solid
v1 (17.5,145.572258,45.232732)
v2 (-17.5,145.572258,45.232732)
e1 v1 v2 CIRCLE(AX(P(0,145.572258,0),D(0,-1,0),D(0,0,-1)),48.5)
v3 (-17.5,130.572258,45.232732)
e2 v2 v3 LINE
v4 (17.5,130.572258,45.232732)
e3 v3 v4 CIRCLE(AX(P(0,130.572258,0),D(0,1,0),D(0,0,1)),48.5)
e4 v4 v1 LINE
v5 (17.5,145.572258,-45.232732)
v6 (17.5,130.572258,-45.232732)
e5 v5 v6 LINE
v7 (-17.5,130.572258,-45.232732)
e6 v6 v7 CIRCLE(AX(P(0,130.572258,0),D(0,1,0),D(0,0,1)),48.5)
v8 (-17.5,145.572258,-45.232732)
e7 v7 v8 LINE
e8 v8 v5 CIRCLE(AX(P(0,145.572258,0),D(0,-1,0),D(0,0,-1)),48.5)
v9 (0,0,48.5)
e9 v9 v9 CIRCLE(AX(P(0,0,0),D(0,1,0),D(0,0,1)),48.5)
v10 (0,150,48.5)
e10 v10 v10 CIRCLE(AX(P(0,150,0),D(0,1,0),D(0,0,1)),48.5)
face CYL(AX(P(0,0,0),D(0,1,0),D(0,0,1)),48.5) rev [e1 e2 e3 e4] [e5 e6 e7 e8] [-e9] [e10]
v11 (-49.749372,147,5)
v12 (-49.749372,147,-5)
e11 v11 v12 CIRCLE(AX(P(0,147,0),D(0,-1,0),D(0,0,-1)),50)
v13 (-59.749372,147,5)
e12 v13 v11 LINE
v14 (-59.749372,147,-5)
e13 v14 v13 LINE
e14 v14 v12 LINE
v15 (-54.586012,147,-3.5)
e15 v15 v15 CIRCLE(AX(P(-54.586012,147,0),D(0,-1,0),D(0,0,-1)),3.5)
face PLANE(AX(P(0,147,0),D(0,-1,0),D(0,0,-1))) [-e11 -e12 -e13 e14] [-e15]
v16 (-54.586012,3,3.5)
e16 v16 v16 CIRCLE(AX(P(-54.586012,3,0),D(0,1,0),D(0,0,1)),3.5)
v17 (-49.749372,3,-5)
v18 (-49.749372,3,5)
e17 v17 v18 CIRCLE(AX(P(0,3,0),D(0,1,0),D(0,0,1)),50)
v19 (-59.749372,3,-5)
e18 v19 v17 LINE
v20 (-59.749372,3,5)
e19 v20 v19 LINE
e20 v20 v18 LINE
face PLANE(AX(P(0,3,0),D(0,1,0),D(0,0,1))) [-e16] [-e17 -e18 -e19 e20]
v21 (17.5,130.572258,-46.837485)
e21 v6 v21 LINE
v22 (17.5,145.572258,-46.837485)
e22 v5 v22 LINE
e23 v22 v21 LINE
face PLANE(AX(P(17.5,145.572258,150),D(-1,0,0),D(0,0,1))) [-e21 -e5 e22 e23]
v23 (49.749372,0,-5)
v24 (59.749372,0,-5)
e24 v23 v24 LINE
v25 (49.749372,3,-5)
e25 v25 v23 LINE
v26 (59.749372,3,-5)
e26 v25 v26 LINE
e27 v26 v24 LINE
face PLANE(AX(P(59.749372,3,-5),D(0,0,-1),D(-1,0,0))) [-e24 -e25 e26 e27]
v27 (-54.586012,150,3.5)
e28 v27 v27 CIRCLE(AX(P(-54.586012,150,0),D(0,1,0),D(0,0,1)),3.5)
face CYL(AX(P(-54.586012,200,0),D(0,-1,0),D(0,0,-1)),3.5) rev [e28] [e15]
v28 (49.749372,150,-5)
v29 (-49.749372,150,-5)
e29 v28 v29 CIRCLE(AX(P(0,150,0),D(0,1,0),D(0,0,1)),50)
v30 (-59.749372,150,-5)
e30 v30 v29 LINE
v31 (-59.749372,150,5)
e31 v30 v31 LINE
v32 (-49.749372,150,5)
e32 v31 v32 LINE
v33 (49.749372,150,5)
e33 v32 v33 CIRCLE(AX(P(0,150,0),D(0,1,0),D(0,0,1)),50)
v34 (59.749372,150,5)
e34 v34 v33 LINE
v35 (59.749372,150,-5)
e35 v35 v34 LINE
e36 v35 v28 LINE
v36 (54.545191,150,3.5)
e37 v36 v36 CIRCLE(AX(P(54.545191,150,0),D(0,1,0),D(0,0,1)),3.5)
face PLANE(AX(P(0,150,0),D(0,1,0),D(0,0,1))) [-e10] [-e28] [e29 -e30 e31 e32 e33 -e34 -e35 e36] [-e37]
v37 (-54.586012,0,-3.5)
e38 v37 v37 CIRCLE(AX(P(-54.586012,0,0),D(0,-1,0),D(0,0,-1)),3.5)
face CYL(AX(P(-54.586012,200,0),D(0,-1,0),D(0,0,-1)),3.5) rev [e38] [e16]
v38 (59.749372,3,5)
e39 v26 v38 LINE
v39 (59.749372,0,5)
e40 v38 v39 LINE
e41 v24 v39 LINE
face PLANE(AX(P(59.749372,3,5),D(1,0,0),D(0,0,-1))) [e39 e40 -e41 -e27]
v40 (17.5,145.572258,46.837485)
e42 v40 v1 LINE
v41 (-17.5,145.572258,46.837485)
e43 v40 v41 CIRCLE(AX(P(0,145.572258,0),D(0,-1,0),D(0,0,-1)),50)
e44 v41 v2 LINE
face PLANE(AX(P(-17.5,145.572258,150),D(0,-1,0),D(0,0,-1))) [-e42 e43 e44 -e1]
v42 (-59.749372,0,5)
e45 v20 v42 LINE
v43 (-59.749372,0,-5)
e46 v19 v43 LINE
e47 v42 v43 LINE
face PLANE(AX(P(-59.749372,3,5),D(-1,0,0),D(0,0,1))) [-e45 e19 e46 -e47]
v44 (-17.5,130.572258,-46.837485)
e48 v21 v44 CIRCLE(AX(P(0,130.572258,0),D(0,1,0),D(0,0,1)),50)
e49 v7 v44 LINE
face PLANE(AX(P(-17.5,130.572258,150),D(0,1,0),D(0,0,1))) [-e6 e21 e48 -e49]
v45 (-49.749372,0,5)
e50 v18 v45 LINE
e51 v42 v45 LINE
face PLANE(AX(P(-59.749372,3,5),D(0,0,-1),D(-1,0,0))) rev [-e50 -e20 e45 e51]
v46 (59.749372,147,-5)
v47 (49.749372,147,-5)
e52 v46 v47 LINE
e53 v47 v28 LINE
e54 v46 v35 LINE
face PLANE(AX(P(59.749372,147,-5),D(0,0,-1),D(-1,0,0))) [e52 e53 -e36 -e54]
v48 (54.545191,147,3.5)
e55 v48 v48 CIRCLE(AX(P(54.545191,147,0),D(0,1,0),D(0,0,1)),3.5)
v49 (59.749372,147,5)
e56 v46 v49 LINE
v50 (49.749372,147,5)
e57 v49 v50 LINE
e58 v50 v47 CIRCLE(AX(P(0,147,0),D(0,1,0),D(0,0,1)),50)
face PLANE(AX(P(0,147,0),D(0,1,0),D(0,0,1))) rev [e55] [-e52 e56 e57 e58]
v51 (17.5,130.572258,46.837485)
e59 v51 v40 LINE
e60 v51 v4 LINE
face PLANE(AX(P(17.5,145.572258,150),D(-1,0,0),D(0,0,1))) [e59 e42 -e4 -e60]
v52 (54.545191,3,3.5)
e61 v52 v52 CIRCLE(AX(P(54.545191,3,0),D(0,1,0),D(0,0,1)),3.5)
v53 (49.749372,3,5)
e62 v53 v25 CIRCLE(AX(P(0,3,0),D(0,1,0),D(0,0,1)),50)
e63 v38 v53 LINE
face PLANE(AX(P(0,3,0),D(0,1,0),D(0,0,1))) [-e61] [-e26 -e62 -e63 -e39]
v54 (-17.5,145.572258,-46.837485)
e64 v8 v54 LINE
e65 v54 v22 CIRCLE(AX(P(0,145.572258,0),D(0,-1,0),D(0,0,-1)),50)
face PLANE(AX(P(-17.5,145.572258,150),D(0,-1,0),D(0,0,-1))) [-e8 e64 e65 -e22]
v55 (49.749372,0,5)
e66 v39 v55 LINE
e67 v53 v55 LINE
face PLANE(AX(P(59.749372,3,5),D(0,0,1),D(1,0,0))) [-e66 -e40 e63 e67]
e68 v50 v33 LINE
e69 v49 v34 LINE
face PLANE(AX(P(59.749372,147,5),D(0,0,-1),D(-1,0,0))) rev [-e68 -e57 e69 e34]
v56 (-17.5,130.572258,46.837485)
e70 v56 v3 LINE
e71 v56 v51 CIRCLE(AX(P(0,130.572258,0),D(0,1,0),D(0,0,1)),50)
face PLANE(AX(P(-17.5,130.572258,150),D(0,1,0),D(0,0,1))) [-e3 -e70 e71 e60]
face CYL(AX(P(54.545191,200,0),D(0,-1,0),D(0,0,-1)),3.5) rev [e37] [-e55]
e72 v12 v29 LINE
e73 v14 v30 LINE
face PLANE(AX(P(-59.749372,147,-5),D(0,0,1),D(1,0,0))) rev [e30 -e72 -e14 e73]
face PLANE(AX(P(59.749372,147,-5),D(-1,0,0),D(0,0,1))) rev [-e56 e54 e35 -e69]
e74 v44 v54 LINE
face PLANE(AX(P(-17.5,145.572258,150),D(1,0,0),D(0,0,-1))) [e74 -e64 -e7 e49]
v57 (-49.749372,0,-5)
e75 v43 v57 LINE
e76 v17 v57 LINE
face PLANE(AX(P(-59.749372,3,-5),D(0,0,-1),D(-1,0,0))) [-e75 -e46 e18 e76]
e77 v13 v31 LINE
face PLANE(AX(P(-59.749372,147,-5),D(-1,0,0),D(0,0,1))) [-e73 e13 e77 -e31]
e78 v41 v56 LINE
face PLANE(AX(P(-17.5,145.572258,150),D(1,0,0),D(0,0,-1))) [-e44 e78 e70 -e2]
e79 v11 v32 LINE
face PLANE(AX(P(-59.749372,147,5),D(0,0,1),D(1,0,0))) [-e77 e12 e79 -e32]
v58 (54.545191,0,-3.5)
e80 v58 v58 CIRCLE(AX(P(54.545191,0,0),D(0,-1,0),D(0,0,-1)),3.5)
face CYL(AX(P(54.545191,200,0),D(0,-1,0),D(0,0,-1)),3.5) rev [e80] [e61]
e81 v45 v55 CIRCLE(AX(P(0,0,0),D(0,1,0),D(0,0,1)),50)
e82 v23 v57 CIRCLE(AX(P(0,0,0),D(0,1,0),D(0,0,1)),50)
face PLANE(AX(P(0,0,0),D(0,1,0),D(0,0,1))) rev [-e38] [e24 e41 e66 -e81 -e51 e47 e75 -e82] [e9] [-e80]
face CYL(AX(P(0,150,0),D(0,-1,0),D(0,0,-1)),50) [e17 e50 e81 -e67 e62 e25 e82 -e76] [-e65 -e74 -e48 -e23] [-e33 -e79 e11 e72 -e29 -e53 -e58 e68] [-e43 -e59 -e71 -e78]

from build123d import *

# Parameters (mm, degrees)
SKETCH2_R               = 50
BOSS_EXTRUDE1_DEPTH     = 150
SKETCH3_R               = 48
CUT_EXTRUDE1_DEPTH      = 150
SKETCH4_W               = 10
SKETCH4_H               = 10
BOSS_EXTRUDE2_DEPTH     = 3
SKETCH5_W               = 10
SKETCH5_H               = 10
BOSS_EXTRUDE3_DEPTH     = 3
SKETCH7_W               = 10
SKETCH7_H               = 10
BOSS_EXTRUDE5_DEPTH     = 3
SKETCH8_W               = 10
SKETCH8_H               = 10
BOSS_EXTRUDE6_DEPTH     = 3
SKETCH9_R               = 3.5
CUT_EXTRUDE2_DEPTH      = 200
SKETCH10_R              = 3.5
CUT_EXTRUDE3_DEPTH      = 200
CUT_EXTRUDE4_DEPTH      = 150
CUT_EXTRUDE4_DEPTH_BACK = 150
SKETCH11_W              = 35
SKETCH11_H              = 15
SKETCH12_R              = 48.5
CUT_EXTRUDE5_DEPTH      = 150


with BuildPart() as part:
    # Sketch2 → Boss-Extrude1 (new body)
    with BuildSketch(Plane(origin=(0, 0, 0), x_dir=(1, 0, 0), z_dir=(0, 1, 0))):
        with Locations(Location((0, 0, 0), (0, 0, 270))):
            Circle(SKETCH2_R)
    extrude(amount=BOSS_EXTRUDE1_DEPTH)

    # Sketch3 → Cut-Extrude1 (cut)
    with BuildSketch(Plane(origin=(0, 150, 0), x_dir=(1, 0, 0), z_dir=(0, 1, 0))):
        with Locations(Location((0, 0, 0), (0, 0, 270))):
            Circle(SKETCH3_R)
    extrude(amount=-CUT_EXTRUDE1_DEPTH, mode=Mode.SUBTRACT)

    # Sketch4 → Boss-Extrude2 (add)
    with BuildSketch(Plane(origin=(0, 150, 0), x_dir=(1, 0, 0), z_dir=(0, 1, 0))):
        with Locations((54.749371855, 0)):
            Rectangle(SKETCH4_W, SKETCH4_H)
    extrude(amount=-BOSS_EXTRUDE2_DEPTH)

    # Sketch5 → Boss-Extrude3 (add)
    with BuildSketch(Plane(origin=(0, 150, 0), x_dir=(1, 0, 0), z_dir=(0, 1, 0))):
        with Locations((-54.749371855, 0)):
            Rectangle(SKETCH5_W, SKETCH5_H)
    extrude(amount=-BOSS_EXTRUDE3_DEPTH)

    # Sketch7 → Boss-Extrude5 (add)
    with BuildSketch(Plane(origin=(0, 0, 0), x_dir=(1, 0, 0), z_dir=(0, 1, 0))):
        with Locations((-54.749371855, 0)):
            Rectangle(SKETCH7_W, SKETCH7_H)
    extrude(amount=BOSS_EXTRUDE5_DEPTH)

    # Sketch8 → Boss-Extrude6 (add)
    with BuildSketch(Plane(origin=(0, 0, 0), x_dir=(-1, 0, 0), z_dir=(0, -1, 0))):
        with Locations((-54.749371855, 0)):
            Rectangle(SKETCH8_W, SKETCH8_H)
    extrude(amount=-BOSS_EXTRUDE6_DEPTH)

    # Sketch9 → Cut-Extrude2 (cut)
    with BuildSketch(Plane.XZ):
        with Locations(Location((54.545191051, 0, 0), (0, 0, 270))):
            Circle(SKETCH9_R)
    extrude(amount=-CUT_EXTRUDE2_DEPTH, mode=Mode.SUBTRACT)

    # Sketch10 → Cut-Extrude3 (cut)
    with BuildSketch(Plane(origin=(0, 0, 0), x_dir=(-1, 0, 0), z_dir=(0, -1, 0))):
        with Locations(Location((54.586012061, 0, 0), (0, 0, 90))):
            Circle(SKETCH10_R)
    extrude(amount=-CUT_EXTRUDE3_DEPTH, mode=Mode.SUBTRACT)

    # Sketch11 → Cut-Extrude4 (cut, two sides: drawn at the far end of the back side and taken through both)
    with BuildSketch(Plane.XY.offset(-CUT_EXTRUDE4_DEPTH_BACK)):
        with Locations((0, 138.072258372)):
            Rectangle(SKETCH11_W, SKETCH11_H)
    extrude(amount=CUT_EXTRUDE4_DEPTH + CUT_EXTRUDE4_DEPTH_BACK, mode=Mode.SUBTRACT)

    # Sketch12 → Cut-Extrude5 (cut)
    with BuildSketch(Plane(origin=(0, 150, 0), x_dir=(1, 0, 0), z_dir=(0, 1, 0))):
        with Locations(Location((0, 0, 0), (0, 0, 270))):
            Circle(SKETCH12_R)
    extrude(amount=-CUT_EXTRUDE5_DEPTH, mode=Mode.SUBTRACT)


solid = part.part
